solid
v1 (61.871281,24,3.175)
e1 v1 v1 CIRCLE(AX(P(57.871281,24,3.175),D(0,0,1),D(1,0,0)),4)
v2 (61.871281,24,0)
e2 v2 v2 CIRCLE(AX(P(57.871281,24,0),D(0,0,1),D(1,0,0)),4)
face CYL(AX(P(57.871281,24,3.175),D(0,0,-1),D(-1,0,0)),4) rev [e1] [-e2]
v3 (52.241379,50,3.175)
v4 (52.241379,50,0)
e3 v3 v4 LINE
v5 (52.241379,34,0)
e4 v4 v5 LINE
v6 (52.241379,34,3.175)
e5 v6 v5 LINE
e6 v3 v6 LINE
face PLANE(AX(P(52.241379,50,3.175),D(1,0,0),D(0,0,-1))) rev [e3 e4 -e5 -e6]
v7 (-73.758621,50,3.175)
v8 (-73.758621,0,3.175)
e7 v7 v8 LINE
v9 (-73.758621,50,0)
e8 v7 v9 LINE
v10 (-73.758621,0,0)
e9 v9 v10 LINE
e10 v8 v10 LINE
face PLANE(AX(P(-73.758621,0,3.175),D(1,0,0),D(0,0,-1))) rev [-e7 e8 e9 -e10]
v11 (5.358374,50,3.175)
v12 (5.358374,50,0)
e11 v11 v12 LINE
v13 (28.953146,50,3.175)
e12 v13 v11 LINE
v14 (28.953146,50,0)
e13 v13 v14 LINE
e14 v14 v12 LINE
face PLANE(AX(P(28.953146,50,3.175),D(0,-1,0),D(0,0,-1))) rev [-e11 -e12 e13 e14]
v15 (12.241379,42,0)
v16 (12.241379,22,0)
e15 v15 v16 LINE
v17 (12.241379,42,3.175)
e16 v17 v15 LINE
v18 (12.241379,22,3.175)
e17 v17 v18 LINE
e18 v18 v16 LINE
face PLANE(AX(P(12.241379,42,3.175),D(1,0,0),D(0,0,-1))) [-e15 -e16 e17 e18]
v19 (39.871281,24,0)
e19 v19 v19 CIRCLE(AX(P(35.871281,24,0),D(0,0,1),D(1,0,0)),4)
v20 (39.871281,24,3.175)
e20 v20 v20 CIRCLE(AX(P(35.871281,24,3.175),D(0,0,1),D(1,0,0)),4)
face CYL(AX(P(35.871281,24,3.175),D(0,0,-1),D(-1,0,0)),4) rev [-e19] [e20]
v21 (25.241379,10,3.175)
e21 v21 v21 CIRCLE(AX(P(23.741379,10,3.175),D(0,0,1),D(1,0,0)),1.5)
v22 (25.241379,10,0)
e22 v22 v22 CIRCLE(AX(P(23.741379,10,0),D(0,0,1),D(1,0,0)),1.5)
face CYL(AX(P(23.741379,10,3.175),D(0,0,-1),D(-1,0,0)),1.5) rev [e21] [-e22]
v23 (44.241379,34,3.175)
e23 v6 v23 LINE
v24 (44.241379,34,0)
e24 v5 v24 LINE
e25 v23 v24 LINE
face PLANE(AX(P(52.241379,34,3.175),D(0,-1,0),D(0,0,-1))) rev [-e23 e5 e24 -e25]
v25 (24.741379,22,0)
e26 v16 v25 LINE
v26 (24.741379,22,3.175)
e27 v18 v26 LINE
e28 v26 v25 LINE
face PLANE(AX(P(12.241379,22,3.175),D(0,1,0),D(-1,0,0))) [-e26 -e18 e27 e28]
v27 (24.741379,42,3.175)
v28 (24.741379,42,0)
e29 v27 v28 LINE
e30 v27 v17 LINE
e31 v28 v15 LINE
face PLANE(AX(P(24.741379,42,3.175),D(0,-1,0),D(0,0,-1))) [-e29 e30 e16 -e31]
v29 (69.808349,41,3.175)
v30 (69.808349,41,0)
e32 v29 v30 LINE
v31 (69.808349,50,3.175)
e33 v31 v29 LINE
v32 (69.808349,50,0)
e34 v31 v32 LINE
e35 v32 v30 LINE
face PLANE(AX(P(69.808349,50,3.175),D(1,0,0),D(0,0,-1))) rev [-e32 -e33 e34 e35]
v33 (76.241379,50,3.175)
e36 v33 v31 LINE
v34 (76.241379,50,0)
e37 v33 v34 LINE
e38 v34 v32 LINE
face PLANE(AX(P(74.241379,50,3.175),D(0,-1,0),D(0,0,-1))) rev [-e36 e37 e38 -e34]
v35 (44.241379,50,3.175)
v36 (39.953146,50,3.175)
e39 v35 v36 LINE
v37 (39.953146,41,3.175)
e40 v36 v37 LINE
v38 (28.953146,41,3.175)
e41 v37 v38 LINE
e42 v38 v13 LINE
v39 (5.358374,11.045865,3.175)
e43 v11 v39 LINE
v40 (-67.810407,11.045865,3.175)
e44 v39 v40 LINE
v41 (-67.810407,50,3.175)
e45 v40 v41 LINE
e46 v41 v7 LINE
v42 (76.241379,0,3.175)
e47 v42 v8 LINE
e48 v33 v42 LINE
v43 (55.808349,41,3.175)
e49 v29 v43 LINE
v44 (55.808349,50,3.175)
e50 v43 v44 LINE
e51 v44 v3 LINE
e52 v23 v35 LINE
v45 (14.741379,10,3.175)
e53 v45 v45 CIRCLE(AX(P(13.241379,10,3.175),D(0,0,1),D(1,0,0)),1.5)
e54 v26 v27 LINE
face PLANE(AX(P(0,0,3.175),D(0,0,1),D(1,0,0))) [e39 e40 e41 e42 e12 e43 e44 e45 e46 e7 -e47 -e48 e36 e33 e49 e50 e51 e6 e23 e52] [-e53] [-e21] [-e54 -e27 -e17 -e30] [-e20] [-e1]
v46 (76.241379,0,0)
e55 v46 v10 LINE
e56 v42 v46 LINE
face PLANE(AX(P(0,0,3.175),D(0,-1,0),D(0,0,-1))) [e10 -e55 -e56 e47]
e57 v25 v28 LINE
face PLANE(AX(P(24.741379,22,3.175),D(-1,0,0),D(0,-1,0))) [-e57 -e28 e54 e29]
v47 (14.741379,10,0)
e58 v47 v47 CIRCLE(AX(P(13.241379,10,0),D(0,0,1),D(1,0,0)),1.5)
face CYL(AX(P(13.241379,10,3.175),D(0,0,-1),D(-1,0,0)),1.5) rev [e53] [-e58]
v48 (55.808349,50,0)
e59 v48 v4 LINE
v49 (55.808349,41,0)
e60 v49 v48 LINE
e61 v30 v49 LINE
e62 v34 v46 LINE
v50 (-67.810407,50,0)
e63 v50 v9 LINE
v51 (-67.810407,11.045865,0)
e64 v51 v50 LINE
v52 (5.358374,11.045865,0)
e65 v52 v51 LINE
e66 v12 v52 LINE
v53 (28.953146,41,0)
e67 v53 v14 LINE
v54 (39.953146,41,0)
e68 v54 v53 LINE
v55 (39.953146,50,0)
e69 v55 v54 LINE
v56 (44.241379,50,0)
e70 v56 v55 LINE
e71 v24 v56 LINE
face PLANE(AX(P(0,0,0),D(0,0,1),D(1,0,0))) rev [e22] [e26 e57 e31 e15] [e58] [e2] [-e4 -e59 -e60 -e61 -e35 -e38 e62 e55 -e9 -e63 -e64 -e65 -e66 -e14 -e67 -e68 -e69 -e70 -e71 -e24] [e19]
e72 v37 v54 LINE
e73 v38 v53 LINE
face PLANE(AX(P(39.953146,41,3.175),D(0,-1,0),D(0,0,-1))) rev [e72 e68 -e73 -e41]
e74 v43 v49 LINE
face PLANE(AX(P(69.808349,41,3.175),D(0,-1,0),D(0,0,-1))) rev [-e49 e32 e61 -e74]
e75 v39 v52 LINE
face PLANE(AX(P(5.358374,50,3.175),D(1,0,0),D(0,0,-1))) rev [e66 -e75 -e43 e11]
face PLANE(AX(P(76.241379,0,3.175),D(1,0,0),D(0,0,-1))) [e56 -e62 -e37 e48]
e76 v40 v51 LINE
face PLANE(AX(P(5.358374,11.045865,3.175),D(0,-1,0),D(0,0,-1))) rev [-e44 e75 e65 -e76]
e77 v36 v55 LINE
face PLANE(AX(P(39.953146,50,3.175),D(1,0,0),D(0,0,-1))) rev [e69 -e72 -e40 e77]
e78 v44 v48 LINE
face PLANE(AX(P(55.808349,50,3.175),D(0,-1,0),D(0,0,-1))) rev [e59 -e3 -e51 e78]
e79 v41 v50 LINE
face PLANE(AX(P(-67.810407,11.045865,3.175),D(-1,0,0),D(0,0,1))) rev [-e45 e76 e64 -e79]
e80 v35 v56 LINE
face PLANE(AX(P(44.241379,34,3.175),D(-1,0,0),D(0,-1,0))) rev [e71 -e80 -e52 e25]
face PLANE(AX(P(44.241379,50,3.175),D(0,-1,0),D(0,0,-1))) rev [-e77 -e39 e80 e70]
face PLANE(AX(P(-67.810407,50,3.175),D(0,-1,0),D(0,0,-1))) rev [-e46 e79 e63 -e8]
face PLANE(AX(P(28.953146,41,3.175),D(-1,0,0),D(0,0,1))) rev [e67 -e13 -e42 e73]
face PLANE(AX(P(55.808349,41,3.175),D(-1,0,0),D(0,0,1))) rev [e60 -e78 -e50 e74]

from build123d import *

# Parameters (mm, degrees)
SKETCH2_R           = 1.5
SKETCH2_R_2         = 4
SKETCH2_W           = 12.5
SKETCH2_H           = 20
BOSS_EXTRUDE1_DEPTH = 3.175
BOSS_EXTRUDE2_DEPTH = 3.175


with BuildPart() as part:
    # Sketch2 → Boss-Extrude1 (new body)
    with BuildSketch(Plane.XY):
        Polygon((-71.75862069, 50), (-71.75862069, 2), (74.24137931, 2), (74.24137931, 50), (69.808349218, 50), (69.808349218, 41), (55.808349218, 41), (55.808349218, 50), (52.24137931, 50), (52.24137931, 34), (44.24137931, 34), (44.24137931, 50), (39.953145567, 50), (39.953145567, 41), (28.953145567, 41), (28.953145567, 50), (5.35837424, 50), (5.35837424, 11.04586532), (-67.810407441, 11.04586532), (-67.810407441, 50), align=None)
        with Locations((23.74137931, 10)):
            Circle(SKETCH2_R, mode=Mode.SUBTRACT)
        with Locations((13.24137931, 10)):
            Circle(SKETCH2_R, mode=Mode.SUBTRACT)
        with Locations((57.871281099, 24)):
            Circle(SKETCH2_R_2, mode=Mode.SUBTRACT)
        with Locations((35.871281099, 24)):
            Circle(SKETCH2_R_2, mode=Mode.SUBTRACT)
        with Locations((18.49137931, 32)):
            Rectangle(SKETCH2_W, SKETCH2_H, mode=Mode.SUBTRACT)
    extrude(amount=BOSS_EXTRUDE1_DEPTH)

    # Sketch3 → Boss-Extrude2 (add)
    with BuildSketch(Plane(origin=(0, 0, 0), x_dir=(-1, 0, 0), z_dir=(0, 0, -1))):
        Polygon((-74.24137931, 50), (-76.24137931, 50), (-76.24137931, 0), (73.75862069, 0), (73.75862069, 50), (71.75862069, 50), (71.75862069, 2), (-74.24137931, 2), align=None)
    extrude(amount=-BOSS_EXTRUDE2_DEPTH)


solid = part.part
